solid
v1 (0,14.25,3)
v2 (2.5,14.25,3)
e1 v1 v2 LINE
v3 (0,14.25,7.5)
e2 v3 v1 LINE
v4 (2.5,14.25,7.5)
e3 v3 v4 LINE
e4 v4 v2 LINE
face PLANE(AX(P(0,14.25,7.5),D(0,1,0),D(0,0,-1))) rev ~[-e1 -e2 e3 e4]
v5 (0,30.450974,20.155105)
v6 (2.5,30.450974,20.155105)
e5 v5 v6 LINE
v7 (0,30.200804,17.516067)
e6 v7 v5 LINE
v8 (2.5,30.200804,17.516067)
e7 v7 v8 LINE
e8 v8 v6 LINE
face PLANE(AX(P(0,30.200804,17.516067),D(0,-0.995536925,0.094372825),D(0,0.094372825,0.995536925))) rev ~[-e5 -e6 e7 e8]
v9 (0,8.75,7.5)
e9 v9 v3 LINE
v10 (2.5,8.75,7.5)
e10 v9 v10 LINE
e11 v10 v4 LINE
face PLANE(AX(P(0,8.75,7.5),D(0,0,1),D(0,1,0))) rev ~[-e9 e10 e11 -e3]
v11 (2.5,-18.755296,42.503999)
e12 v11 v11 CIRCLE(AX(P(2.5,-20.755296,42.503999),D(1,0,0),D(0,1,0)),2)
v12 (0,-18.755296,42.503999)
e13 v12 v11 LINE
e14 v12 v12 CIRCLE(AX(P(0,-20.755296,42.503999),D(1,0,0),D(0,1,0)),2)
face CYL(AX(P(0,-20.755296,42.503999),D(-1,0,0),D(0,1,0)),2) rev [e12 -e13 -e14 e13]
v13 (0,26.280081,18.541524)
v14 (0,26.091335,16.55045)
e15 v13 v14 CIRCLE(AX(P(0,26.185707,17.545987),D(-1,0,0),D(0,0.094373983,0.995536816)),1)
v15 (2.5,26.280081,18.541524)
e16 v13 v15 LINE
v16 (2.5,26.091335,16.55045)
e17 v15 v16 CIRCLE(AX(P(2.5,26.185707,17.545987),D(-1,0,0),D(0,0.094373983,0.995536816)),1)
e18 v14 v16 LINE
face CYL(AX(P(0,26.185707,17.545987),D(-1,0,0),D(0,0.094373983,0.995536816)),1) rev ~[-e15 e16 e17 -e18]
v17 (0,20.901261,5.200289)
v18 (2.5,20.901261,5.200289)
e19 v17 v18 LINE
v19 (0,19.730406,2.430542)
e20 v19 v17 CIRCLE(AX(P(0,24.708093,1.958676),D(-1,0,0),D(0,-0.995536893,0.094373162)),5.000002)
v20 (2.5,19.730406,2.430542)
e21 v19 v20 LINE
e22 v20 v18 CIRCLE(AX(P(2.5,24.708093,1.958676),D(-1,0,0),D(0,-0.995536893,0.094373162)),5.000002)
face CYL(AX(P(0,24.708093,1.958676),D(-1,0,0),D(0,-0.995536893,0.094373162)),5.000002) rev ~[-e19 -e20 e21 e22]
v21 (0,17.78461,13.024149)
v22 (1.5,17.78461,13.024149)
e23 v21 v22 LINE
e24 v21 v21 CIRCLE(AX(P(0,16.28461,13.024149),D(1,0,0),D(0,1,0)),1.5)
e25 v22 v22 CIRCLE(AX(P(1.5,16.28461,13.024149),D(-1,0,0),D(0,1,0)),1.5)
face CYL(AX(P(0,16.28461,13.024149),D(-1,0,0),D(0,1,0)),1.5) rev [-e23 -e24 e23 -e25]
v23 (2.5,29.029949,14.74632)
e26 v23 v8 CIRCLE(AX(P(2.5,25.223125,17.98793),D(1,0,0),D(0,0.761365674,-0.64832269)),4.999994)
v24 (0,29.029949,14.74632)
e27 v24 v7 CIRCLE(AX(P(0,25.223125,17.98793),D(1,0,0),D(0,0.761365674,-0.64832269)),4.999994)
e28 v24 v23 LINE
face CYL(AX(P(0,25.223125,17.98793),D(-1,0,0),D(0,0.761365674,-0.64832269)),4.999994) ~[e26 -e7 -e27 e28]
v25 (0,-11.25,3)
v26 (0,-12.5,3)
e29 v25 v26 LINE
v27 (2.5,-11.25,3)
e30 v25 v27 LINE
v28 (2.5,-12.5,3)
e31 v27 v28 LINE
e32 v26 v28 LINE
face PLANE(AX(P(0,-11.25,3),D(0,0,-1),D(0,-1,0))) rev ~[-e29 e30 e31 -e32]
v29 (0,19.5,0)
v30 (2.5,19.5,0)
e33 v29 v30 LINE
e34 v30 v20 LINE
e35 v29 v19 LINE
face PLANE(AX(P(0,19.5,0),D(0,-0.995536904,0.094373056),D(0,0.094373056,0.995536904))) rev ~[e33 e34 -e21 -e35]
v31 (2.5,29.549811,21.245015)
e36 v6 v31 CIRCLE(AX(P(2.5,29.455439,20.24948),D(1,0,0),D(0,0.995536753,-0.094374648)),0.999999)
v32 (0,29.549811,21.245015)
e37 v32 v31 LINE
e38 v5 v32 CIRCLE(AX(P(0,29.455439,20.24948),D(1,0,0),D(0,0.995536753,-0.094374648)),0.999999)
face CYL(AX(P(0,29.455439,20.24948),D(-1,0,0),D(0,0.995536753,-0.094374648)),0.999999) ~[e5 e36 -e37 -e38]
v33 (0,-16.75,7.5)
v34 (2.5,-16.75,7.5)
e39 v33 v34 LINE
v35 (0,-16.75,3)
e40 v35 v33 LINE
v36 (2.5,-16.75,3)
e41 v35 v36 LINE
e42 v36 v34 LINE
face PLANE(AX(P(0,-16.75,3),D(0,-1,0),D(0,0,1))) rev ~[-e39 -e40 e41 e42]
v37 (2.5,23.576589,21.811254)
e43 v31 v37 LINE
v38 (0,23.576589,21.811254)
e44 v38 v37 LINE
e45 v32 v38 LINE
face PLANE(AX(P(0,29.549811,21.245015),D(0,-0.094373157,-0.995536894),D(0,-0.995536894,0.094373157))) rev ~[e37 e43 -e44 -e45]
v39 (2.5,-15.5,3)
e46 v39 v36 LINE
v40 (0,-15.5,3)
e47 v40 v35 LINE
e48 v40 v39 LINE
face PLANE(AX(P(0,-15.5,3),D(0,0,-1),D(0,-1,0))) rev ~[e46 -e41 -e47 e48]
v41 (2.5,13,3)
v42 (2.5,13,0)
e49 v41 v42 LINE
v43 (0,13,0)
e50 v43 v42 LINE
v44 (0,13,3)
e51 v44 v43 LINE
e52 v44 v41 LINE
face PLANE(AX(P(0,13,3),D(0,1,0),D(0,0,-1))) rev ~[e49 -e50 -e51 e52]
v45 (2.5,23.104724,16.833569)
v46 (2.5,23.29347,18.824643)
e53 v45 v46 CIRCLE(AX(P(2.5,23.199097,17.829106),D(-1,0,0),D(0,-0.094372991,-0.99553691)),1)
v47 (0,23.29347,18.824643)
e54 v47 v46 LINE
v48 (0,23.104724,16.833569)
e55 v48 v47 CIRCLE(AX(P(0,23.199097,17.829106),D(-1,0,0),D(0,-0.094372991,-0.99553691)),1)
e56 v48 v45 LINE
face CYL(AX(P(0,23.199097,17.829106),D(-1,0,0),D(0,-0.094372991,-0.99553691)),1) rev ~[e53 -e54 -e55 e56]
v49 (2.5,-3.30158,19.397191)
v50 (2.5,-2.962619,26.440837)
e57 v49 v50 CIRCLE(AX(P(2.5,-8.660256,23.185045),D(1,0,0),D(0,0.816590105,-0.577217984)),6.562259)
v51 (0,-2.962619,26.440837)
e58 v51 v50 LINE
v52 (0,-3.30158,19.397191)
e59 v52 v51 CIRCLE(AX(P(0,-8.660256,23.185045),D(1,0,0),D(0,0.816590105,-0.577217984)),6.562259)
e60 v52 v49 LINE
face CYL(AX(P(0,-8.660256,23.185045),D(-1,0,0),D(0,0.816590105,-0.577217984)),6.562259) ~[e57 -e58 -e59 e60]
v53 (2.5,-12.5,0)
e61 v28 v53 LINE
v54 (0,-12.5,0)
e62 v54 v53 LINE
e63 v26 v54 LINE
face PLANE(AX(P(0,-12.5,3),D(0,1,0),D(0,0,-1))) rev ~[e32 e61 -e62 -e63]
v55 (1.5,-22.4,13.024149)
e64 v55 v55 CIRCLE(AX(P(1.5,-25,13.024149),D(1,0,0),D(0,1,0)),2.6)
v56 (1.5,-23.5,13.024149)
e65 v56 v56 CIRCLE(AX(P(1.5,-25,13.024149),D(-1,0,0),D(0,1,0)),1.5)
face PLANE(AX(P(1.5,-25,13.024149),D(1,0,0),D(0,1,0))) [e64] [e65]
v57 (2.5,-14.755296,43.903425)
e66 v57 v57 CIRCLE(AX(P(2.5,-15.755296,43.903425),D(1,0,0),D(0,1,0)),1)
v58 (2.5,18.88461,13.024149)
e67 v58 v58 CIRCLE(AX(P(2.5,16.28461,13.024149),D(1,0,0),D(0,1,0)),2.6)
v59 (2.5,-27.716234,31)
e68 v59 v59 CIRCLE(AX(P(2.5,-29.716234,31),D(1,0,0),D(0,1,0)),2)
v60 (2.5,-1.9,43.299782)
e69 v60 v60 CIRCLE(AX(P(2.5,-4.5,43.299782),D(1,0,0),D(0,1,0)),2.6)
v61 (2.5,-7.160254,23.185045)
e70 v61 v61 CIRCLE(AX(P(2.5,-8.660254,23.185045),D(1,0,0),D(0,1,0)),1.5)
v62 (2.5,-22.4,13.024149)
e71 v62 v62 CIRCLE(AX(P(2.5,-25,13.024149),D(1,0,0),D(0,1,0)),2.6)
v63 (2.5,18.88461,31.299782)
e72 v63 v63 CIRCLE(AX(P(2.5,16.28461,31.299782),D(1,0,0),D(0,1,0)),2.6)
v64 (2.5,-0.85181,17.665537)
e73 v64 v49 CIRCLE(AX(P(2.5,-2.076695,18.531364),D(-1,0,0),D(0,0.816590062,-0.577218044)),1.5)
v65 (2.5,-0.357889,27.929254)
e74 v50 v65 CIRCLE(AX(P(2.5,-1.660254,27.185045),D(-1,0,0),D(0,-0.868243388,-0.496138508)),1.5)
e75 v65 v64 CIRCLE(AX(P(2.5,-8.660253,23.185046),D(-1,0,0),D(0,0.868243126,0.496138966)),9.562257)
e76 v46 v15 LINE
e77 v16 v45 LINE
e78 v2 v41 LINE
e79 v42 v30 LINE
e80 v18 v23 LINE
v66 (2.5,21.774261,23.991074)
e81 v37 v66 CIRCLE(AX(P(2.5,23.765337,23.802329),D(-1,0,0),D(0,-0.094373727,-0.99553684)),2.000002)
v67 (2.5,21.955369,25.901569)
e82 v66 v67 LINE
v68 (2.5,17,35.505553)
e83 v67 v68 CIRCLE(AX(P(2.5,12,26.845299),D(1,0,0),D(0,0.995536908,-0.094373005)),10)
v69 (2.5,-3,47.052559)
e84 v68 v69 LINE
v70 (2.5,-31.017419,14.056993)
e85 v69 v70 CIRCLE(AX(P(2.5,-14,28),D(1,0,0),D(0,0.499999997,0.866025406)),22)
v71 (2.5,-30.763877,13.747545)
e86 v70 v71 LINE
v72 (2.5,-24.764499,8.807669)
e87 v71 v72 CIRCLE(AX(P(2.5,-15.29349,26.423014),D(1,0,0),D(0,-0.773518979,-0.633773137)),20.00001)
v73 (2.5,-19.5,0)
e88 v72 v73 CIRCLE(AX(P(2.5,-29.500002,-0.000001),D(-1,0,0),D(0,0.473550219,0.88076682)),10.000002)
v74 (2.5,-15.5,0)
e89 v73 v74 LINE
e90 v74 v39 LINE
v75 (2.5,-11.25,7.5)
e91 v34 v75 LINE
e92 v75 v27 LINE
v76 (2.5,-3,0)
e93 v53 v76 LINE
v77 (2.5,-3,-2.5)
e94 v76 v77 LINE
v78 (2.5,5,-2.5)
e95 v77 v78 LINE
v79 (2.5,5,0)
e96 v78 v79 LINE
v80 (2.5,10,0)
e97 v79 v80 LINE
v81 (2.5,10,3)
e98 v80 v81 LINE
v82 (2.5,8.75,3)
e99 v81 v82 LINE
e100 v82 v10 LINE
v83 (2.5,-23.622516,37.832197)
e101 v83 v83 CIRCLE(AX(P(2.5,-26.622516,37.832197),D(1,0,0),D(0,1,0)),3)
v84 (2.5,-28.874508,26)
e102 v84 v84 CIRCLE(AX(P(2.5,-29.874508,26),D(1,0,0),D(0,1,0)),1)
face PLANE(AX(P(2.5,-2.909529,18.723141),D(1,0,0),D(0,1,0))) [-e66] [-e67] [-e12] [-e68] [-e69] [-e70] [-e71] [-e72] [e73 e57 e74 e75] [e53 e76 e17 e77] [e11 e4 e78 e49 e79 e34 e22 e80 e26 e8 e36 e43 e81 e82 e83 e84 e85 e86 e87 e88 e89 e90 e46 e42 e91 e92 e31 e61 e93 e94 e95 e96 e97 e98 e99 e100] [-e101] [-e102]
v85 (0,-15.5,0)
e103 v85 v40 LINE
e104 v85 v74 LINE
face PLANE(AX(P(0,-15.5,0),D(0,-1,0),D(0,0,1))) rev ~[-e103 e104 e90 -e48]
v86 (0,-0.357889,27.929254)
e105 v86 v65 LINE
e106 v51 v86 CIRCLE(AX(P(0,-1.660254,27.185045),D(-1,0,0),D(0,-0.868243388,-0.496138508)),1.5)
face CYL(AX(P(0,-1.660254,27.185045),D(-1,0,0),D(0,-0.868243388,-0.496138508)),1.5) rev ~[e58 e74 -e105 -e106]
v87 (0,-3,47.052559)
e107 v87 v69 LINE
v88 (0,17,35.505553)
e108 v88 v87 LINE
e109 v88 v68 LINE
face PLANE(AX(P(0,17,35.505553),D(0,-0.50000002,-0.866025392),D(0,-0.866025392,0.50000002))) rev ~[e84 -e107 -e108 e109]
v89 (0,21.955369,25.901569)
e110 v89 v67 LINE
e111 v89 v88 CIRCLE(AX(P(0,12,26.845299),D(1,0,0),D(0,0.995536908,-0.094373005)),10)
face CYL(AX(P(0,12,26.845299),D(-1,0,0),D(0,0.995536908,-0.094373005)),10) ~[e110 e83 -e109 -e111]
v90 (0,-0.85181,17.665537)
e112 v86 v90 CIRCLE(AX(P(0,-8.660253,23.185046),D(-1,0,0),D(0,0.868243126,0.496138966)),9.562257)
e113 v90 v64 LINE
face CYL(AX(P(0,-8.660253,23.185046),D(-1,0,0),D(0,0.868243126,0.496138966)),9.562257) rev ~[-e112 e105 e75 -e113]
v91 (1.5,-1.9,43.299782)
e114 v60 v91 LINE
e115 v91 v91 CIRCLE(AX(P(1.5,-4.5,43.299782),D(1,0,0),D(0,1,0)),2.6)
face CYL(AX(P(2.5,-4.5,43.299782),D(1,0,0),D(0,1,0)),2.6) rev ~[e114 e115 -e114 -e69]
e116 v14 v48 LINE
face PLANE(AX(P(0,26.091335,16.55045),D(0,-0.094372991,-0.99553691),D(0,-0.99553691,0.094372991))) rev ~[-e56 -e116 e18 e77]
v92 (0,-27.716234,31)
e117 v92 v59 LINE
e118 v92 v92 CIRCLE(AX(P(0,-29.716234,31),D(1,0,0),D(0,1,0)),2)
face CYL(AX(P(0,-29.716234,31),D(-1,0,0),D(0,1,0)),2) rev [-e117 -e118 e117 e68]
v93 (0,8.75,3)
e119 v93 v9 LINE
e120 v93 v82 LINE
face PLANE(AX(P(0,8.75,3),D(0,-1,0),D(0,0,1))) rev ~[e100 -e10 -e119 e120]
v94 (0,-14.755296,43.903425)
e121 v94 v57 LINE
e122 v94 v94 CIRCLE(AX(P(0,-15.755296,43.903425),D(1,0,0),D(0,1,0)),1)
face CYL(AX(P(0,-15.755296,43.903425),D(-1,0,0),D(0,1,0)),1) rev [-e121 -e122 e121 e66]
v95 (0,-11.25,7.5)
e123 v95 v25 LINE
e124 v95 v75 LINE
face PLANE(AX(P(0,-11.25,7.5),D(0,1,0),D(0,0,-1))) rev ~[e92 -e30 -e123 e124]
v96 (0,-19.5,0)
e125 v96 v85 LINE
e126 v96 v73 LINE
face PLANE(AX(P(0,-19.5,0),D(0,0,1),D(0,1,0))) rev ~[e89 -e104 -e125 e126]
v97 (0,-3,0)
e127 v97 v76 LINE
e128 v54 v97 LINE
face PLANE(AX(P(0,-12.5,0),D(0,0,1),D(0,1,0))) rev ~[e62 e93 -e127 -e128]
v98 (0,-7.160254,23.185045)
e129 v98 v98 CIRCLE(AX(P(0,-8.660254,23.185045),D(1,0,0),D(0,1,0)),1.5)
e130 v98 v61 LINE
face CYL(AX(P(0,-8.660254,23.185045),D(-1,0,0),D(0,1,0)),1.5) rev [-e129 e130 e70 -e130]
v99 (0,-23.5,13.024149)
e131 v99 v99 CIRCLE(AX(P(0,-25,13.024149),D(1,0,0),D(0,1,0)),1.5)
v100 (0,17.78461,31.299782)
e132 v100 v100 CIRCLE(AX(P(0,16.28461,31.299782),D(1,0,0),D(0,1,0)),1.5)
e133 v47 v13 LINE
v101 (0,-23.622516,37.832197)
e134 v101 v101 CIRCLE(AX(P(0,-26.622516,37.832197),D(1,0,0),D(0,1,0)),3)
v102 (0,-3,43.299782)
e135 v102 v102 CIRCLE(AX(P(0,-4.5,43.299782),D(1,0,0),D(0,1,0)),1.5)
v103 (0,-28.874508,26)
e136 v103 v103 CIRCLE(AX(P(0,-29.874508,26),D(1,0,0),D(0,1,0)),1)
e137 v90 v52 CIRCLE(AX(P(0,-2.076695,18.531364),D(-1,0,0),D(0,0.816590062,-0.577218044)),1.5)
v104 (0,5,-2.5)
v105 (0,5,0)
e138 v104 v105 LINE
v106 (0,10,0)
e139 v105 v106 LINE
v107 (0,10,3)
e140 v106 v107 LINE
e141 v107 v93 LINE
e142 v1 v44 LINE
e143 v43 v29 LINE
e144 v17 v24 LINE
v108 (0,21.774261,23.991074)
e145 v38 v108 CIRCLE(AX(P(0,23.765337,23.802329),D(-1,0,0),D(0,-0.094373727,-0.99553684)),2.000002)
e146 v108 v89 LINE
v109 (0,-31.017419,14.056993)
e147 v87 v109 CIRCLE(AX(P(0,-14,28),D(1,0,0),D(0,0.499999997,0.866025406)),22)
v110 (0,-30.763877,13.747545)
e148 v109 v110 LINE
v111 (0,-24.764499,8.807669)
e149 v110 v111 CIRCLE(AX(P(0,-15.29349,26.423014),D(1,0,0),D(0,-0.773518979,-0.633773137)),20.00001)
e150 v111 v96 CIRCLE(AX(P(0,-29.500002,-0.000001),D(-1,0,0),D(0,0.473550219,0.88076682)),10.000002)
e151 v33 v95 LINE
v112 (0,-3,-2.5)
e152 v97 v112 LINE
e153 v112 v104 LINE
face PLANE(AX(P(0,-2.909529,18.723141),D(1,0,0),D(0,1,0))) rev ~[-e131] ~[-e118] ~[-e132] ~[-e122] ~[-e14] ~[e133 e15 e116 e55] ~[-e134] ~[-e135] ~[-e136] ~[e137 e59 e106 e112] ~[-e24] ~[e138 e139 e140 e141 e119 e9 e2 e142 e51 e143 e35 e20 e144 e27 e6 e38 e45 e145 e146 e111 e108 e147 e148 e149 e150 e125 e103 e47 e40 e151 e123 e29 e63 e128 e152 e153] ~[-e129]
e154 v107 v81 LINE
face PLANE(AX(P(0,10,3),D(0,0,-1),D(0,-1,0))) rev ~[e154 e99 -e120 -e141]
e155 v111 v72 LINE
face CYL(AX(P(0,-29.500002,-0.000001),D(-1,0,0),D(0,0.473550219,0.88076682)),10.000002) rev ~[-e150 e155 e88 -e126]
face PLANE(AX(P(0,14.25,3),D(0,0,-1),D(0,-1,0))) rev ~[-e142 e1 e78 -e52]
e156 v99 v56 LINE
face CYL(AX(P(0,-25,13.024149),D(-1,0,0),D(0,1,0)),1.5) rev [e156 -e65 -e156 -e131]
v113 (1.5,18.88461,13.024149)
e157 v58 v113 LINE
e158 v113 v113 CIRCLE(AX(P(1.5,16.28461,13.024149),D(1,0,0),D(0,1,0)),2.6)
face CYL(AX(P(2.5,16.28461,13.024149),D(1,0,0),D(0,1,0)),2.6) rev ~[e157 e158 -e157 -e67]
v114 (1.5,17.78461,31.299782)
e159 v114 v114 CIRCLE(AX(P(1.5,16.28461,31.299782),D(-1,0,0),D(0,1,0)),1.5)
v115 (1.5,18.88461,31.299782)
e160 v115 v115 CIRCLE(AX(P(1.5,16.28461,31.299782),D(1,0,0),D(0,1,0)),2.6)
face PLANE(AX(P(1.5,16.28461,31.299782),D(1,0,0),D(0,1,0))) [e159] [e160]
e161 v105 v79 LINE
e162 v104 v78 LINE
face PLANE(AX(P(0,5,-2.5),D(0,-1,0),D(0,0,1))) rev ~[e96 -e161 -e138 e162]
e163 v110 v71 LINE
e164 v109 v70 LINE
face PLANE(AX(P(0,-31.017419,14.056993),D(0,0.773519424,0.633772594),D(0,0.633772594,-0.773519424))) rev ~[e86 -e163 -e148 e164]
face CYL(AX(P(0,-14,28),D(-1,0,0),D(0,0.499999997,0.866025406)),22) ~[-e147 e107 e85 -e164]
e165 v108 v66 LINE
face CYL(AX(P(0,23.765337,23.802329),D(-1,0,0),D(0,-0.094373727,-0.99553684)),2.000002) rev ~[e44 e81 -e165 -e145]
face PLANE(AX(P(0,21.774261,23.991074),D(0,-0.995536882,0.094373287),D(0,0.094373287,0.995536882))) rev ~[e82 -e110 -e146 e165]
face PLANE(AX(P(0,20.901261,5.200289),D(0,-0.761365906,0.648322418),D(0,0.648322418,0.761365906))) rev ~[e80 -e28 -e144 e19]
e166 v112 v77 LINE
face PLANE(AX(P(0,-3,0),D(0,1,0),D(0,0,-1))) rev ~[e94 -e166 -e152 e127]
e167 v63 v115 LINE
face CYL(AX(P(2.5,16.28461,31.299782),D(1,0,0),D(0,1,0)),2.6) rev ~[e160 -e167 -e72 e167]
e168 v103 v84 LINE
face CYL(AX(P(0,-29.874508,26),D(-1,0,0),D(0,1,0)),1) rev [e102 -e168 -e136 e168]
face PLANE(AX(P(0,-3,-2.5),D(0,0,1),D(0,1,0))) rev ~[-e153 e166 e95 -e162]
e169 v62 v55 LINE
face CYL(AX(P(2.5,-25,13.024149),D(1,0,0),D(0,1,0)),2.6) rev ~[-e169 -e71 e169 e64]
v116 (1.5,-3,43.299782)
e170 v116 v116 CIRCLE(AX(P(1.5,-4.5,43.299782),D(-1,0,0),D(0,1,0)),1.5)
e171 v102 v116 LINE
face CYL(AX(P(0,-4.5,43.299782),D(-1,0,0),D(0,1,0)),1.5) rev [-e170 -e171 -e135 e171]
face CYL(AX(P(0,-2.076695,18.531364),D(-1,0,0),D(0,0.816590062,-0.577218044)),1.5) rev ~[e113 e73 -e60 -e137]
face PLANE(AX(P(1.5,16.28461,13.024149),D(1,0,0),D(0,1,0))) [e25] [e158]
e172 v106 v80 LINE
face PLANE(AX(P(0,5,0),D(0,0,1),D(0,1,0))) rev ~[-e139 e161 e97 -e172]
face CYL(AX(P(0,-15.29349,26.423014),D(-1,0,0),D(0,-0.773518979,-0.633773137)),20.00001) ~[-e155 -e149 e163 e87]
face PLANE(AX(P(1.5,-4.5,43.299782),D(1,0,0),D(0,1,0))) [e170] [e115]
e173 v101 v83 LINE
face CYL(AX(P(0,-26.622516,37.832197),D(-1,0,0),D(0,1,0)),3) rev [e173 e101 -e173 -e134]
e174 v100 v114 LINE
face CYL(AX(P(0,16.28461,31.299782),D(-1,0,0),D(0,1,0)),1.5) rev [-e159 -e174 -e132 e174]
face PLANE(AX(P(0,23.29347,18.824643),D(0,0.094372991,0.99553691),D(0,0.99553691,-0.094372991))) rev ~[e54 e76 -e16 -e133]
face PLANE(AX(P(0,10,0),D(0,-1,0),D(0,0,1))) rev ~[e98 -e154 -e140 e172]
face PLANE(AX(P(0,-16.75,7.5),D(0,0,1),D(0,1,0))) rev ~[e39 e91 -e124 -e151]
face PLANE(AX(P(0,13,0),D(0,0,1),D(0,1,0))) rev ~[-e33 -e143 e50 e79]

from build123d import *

# Parameters (mm, degrees)
F0_R     = 1.5
F0_R_2   = 1
F0_R_3   = 2
F0_R_4   = 3
F1_DEPTH = 2.5
F2_R     = 2.6
F3_DEPTH = 1


with BuildPart() as f1:
    # F0 (on Right) → F1 (new body)
    with BuildSketch(Plane.YZ):
        with BuildLine():
            ThreePointArc((-24.764499, 8.807669), (-20.91644, 5.130545), (-19.5, 0))
            Line((-19.5, 0), (-15.5, 0))
            Line((-15.5, 0), (-15.5, 3))
            Line((-15.5, 3), (-16.75, 3))
            Line((-16.75, 3), (-16.75, 7.5))
            Line((-16.75, 7.5), (-11.25, 7.5))
            Line((-11.25, 7.5), (-11.25, 3))
            Line((-11.25, 3), (-12.5, 3))
            Line((-12.5, 3), (-12.5, 0))
            Line((-12.5, 0), (-3, 0))
            Line((-3, 0), (-3, -2.5))
            Line((-3, -2.5), (5, -2.5))
            Line((5, -2.5), (5, 0))
            Line((5, 0), (10, 0))
            Line((10, 0), (10, 3))
            Line((10, 3), (8.75, 3))
            Line((8.75, 3), (8.75, 7.5))
            Line((8.75, 7.5), (14.25, 7.5))
            Line((14.25, 7.5), (14.25, 3))
            Line((14.25, 3), (13, 3))
            Line((13, 3), (13, 0))
            Line((13, 0), (19.5, 0))
            Line((19.5, 0), (19.730406, 2.430542))
            ThreePointArc((19.730406, 2.430542), (20.102681, 3.905521), (20.901261, 5.200289))
            Line((20.901261, 5.200289), (29.029949, 14.74632))
            ThreePointArc((29.029949, 14.74632), (29.828529, 16.041087), (30.200804, 17.516067))
            Line((30.200804, 17.516067), (30.450974, 20.155105))
            ThreePointArc((30.450974, 20.155105), (30.22612, 20.886698), (29.549811, 21.245015))
            Line((29.549811, 21.245015), (23.576589, 21.811254))
            ThreePointArc((23.576589, 21.811254), (22.22397, 22.52789), (21.774261, 23.991074))
            Line((21.774261, 23.991074), (21.955369, 25.901569))
            ThreePointArc((21.955369, 25.901569), (20.886782, 31.430613), (17, 35.505553))
            Line((17, 35.505553), (-3, 47.052559))
            ThreePointArc((-3, 47.052559), (-30.769889, 42.239762), (-31.017419, 14.056993))
            Line((-31.017419, 14.056993), (-30.763877, 13.747545))
            ThreePointArc((-30.763877, 13.747545), (-28.006432, 10.983406), (-24.764499, 8.807669))
        make_face()
        with Locations((-25, 13.024149)):
            Circle(F0_R, mode=Mode.SUBTRACT)
        with Locations((-8.660254, 23.185045)):
            Circle(F0_R, mode=Mode.SUBTRACT)
        with BuildLine():
            ThreePointArc((-2.962619, 26.440837), (-2.404462, 28.48741), (-0.357889, 27.929254))
            ThreePointArc((-0.357889, 27.929254), (0.890951, 22.725413), (-0.85181, 17.665537))
            ThreePointArc((-0.85181, 17.665537), (-2.942522, 17.306479), (-3.30158, 19.397191))
            ThreePointArc((-3.30158, 19.397191), (-2.105582, 22.869615), (-2.962619, 26.440837))
        make_face(mode=Mode.SUBTRACT)
        with Locations((16.28461, 13.024149)):
            Circle(F0_R, mode=Mode.SUBTRACT)
        with BuildLine():
            ThreePointArc((23.104724, 16.833569), (22.20356, 17.923479), (23.29347, 18.824643))
            Line((23.29347, 18.824643), (26.280081, 18.541524))
            ThreePointArc((26.280081, 18.541524), (27.181244, 17.451614), (26.091335, 16.55045))
            Line((26.091335, 16.55045), (23.104724, 16.833569))
        make_face(mode=Mode.SUBTRACT)
        with Locations((-29.874508, 26)):
            Circle(F0_R_2, mode=Mode.SUBTRACT)
        with Locations((-29.716234, 31)):
            Circle(F0_R_3, mode=Mode.SUBTRACT)
        with Locations((-26.622516, 37.832197)):
            Circle(F0_R_4, mode=Mode.SUBTRACT)
        with Locations((-20.755296, 42.503999)):
            Circle(F0_R_3, mode=Mode.SUBTRACT)
        with Locations((-4.5, 43.299782)):
            Circle(F0_R, mode=Mode.SUBTRACT)
        with Locations((-15.755296, 43.903425)):
            Circle(F0_R_2, mode=Mode.SUBTRACT)
        with Locations((16.28461, 31.299782)):
            Circle(F0_R, mode=Mode.SUBTRACT)
    extrude(amount=F1_DEPTH)

    # F2 (on face) → F3 (cut)
    with BuildSketch(Plane.YZ.offset(2.5)):
        with Locations((-4.5, 43.299782)):
            Circle(F2_R)
        with Locations((16.28461, 31.299782)):
            Circle(F2_R)
        with Locations((16.28461, 13.024149)):
            Circle(F2_R)
        with Locations((-25, 13.024149)):
            Circle(F2_R)
    extrude(amount=-F3_DEPTH, mode=Mode.SUBTRACT)


solid = f1.part
